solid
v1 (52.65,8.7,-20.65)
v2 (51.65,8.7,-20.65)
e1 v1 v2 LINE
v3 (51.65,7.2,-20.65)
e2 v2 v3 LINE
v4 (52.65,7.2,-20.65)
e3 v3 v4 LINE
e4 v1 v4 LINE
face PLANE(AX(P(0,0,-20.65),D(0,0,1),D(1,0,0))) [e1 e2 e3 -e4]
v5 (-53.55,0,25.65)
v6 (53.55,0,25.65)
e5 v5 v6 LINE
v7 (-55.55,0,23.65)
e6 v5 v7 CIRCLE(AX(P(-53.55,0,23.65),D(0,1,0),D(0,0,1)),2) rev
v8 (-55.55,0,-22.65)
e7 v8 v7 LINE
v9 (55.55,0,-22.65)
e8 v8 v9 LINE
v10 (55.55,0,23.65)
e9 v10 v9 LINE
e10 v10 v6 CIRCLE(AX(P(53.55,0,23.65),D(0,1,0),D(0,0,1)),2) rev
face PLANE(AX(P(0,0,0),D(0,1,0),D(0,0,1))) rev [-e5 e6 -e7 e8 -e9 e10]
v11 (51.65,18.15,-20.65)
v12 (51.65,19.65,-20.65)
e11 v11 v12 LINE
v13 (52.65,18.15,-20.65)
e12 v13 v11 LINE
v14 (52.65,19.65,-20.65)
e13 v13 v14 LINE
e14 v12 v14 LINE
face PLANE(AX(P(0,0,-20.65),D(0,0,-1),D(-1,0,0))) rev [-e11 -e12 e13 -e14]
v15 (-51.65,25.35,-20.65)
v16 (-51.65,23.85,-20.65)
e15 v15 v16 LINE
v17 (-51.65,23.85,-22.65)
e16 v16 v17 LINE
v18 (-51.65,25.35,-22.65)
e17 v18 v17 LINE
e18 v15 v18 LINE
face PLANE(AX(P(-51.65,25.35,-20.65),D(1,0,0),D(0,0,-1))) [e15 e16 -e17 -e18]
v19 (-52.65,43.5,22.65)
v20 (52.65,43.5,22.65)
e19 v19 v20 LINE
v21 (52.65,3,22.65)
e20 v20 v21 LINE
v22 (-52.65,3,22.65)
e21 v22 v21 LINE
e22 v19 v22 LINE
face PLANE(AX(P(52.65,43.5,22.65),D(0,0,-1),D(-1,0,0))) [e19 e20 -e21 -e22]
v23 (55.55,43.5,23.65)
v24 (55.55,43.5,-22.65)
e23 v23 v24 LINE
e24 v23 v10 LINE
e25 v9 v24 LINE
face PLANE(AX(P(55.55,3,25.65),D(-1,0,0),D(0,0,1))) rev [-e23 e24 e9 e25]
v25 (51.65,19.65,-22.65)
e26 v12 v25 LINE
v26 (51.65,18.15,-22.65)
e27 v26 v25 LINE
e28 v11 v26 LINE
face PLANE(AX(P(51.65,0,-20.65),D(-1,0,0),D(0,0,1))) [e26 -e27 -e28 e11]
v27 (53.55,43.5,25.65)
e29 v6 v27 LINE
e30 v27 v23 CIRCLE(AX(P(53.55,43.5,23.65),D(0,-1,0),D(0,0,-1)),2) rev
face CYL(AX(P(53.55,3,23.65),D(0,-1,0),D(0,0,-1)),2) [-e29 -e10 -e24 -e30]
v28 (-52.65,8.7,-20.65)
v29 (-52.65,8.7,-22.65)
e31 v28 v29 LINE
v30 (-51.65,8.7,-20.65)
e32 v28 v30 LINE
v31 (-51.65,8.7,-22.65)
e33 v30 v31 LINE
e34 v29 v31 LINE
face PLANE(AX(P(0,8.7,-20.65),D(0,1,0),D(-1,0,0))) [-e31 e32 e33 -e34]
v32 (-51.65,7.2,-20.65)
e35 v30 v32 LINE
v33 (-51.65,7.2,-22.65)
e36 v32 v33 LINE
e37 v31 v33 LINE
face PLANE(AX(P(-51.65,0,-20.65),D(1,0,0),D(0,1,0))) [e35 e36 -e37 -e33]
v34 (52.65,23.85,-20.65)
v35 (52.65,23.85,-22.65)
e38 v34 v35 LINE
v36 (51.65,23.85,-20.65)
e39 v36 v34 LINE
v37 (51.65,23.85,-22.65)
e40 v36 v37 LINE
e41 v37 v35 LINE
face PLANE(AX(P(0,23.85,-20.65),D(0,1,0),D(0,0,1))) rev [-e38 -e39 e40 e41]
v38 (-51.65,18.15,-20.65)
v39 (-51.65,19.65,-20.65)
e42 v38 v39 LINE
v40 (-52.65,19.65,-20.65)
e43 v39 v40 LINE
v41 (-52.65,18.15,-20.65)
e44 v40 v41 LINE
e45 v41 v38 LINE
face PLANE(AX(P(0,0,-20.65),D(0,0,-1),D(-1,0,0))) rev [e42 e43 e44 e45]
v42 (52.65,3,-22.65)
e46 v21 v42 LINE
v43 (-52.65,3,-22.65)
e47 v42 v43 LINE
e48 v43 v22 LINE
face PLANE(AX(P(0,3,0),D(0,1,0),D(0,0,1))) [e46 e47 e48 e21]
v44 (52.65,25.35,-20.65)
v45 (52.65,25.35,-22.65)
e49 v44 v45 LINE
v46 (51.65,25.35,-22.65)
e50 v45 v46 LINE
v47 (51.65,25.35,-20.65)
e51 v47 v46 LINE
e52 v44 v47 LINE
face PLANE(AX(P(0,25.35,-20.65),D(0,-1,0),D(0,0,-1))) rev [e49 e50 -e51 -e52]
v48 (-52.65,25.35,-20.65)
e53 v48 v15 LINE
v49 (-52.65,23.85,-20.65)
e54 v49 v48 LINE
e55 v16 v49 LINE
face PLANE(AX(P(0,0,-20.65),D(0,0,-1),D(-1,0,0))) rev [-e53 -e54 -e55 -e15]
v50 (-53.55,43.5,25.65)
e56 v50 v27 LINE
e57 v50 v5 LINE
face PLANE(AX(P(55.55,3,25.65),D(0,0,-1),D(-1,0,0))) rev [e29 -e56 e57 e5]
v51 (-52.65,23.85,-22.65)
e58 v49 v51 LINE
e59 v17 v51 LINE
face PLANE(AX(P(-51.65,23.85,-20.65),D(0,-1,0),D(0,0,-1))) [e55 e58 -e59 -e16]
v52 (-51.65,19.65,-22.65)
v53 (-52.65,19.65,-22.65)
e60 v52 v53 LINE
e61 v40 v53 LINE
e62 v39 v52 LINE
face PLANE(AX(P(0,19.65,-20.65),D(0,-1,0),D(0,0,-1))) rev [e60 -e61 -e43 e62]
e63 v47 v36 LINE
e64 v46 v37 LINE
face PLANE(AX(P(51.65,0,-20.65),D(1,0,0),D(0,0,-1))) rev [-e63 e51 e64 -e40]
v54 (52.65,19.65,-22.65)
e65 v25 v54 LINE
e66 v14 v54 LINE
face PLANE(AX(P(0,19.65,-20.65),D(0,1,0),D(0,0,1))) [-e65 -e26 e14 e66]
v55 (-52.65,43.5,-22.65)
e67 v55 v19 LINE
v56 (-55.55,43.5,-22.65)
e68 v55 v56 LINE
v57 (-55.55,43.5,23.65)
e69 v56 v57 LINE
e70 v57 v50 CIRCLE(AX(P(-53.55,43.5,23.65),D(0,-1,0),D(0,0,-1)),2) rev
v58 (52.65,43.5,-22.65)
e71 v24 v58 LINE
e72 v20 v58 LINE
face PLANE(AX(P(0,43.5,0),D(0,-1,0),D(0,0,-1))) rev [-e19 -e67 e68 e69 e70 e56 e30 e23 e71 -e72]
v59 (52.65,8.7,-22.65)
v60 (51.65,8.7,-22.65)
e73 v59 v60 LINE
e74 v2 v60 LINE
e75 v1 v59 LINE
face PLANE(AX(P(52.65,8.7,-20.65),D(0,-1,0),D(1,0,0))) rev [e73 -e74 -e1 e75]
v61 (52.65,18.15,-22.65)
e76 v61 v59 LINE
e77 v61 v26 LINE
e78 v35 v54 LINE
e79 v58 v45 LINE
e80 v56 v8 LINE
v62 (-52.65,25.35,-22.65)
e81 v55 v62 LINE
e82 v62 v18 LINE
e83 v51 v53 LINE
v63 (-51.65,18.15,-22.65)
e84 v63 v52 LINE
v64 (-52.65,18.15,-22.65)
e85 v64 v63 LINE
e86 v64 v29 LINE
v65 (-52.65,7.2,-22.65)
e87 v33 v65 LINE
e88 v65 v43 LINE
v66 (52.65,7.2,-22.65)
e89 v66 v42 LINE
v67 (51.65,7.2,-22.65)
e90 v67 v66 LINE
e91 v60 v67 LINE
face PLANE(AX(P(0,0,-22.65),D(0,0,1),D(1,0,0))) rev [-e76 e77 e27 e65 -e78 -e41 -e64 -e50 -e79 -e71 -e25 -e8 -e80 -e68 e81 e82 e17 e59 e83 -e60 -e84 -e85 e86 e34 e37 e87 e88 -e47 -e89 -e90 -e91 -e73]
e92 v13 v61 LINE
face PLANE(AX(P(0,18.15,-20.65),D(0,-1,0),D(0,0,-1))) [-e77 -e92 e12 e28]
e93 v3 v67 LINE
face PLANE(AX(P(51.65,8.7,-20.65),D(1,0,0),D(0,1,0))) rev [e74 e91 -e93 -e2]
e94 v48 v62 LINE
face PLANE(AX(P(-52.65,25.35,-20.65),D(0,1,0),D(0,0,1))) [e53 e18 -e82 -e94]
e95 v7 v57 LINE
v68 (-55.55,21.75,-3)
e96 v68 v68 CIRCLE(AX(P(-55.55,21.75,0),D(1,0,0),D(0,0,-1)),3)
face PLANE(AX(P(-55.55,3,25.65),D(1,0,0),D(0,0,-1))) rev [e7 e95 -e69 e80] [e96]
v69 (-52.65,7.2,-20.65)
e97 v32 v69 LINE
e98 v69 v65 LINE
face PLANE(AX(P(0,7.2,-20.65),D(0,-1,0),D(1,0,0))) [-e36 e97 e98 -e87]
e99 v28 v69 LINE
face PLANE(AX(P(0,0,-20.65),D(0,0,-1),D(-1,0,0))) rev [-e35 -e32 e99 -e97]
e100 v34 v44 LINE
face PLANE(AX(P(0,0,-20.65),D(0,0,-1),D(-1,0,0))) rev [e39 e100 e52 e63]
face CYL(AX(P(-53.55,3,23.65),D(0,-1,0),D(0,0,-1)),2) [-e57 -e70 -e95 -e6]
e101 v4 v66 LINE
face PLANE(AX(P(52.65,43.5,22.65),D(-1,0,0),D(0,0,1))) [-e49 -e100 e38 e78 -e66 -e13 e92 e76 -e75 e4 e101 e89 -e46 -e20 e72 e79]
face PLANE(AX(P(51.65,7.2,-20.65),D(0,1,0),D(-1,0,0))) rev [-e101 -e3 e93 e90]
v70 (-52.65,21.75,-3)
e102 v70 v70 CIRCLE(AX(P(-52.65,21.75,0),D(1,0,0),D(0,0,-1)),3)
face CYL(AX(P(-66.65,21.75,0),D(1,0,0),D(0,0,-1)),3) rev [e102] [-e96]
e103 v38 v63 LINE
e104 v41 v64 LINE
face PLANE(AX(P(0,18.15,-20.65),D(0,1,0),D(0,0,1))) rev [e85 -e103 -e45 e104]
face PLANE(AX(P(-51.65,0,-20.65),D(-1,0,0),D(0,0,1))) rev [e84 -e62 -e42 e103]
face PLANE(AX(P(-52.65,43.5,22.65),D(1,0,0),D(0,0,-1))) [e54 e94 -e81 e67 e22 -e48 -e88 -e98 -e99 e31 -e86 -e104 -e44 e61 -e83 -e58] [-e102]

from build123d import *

# Parameters (mm, degrees)
SKETCH1_W           = 111.1
SKETCH1_H           = 51.3
BOSS_EXTRUDE1_DEPTH = 3
SKETCH2_W           = 111.1
SKETCH2_H           = 51.3
SKETCH2_W_2         = 105.3
SKETCH2_H_2         = 45.3
BOSS_EXTRUDE2_DEPTH = 40.5
SKETCH5_R           = 21
BOSS_EXTRUDE4_DEPTH = 15
SKETCH6_W           = 15.5
SKETCH6_H           = 37
CUT_EXTRUDE1_DEPTH  = 21
BOSS_EXTRUDE5_START = -1
SKETCH8_R           = 21
SKETCH8_W           = 12.3
SKETCH8_H           = 34.3
BOSS_EXTRUDE5_DEPTH = 1
BOSS_EXTRUDE6_START = -1
SKETCH9_R           = 21
SKETCH9_W           = 12.3
SKETCH9_H           = 34.3
BOSS_EXTRUDE6_DEPTH = 1
SKETCH10_W          = 126.244554882
SKETCH10_H          = 68.697179438
CUT_EXTRUDE3_DEPTH  = 53
SKETCH12_W          = 1
SKETCH12_H          = 1.5
BOSS_EXTRUDE8_DEPTH = 2
FILLET1_R           = 2
SKETCH13_R          = 3
CUT_EXTRUDE4_DEPTH  = 14


with BuildPart() as part:
    # Sketch1 → Boss-Extrude1 (new body)
    with BuildSketch(Plane(origin=(0, 0, 0), x_dir=(1, 0, 0), z_dir=(0, 1, 0))):
        Rectangle(SKETCH1_W, SKETCH1_H)
    extrude(amount=BOSS_EXTRUDE1_DEPTH)

    # Sketch2 → Boss-Extrude2 (add)
    with BuildSketch(Plane(origin=(0, 3, 0), x_dir=(1, 0, 0), z_dir=(0, 1, 0))):
        Rectangle(SKETCH2_W, SKETCH2_H)
        Rectangle(SKETCH2_W_2, SKETCH2_H_2, mode=Mode.SUBTRACT)
    extrude(amount=BOSS_EXTRUDE2_DEPTH)

    # Sketch5 → Boss-Extrude4 (add)
    with BuildSketch(Plane(origin=(0, 0, -25.65), x_dir=(-1, 0, 0), z_dir=(0, 0, -1))):
        with Locations((-27.775, 21.75)):
            Circle(SKETCH5_R)
        with Locations(Location((27.775, 21.75, 0), (0, 0, 180))):
            Circle(SKETCH5_R)
    extrude(amount=BOSS_EXTRUDE4_DEPTH)

    # Sketch6 → Cut-Extrude1 (cut)
    with BuildSketch(Plane(origin=(0, 0, -40.65), x_dir=(-1, 0, 0), z_dir=(0, 0, -1))):
        with Locations((-27.775, 21.75)):
            Rectangle(SKETCH6_W, SKETCH6_H)
        with Locations((27.775, 21.75)):
            Rectangle(SKETCH6_W, SKETCH6_H)
    extrude(amount=-CUT_EXTRUDE1_DEPTH, mode=Mode.SUBTRACT)

    # Sketch8 → Boss-Extrude5 (add)
    with BuildSketch(Plane(origin=(0, 0, -40.65), x_dir=(-1, 0, 0), z_dir=(0, 0, -1)).offset(BOSS_EXTRUDE5_START)):
        with Locations((-27.775, 21.75)):
            Circle(SKETCH8_R)
        with Locations((-27.775, 21.75)):
            Rectangle(SKETCH8_W, SKETCH8_H, mode=Mode.SUBTRACT)
    extrude(amount=BOSS_EXTRUDE5_DEPTH)

    # Sketch9 → Boss-Extrude6 (add)
    with BuildSketch(Plane(origin=(0, 0, -40.65), x_dir=(-1, 0, 0), z_dir=(0, 0, -1)).offset(BOSS_EXTRUDE6_START)):
        with Locations(Location((27.775, 21.75, 0), (0, 0, 180))):
            Circle(SKETCH9_R)
        with Locations((27.775, 21.75)):
            Rectangle(SKETCH9_W, SKETCH9_H, mode=Mode.SUBTRACT)
    extrude(amount=BOSS_EXTRUDE6_DEPTH)

    # Sketch10 → Cut-Extrude3 (cut)
    with BuildSketch(Plane.XY.offset(-22.65)):
        with Locations((0, 21.75)):
            Rectangle(SKETCH10_W, SKETCH10_H)
    extrude(amount=-CUT_EXTRUDE3_DEPTH, mode=Mode.SUBTRACT)

    # Sketch12 → Boss-Extrude8 (add)
    with BuildSketch(Plane(origin=(0, 0, -22.65), x_dir=(-1, 0, 0), z_dir=(0, 0, -1))):
        with Locations((52.15, 18.9)):
            Rectangle(SKETCH12_W, SKETCH12_H)
        with Locations((52.15, 7.95)):
            Rectangle(SKETCH12_W, SKETCH12_H)
        with Locations((-52.15, 18.9)):
            Rectangle(SKETCH12_W, SKETCH12_H)
        with Locations((-52.15, 24.6)):
            Rectangle(SKETCH12_W, SKETCH12_H)
        with Locations((52.15, 24.6)):
            Rectangle(SKETCH12_W, SKETCH12_H)
        with Locations((-52.15, 7.95)):
            Rectangle(SKETCH12_W, SKETCH12_H)
    extrude(amount=-BOSS_EXTRUDE8_DEPTH)

    # Fillet1
    fillet1_edges = [part.edges().sort_by_distance(p)[0] for p in [
        (55.55, 21.75, 25.65),
        (-55.55, 21.75, 25.65),
    ]]
    fillet(fillet1_edges, radius=FILLET1_R)

    # Sketch13 → Cut-Extrude4 (cut)
    with BuildSketch(Plane(origin=(-52.65, 0, 0), x_dir=(0, 0, -1), z_dir=(1, 0, 0))):
        with Locations((0, 21.75)):
            Circle(SKETCH13_R)
    extrude(amount=-CUT_EXTRUDE4_DEPTH, mode=Mode.SUBTRACT)


solid = part.part
